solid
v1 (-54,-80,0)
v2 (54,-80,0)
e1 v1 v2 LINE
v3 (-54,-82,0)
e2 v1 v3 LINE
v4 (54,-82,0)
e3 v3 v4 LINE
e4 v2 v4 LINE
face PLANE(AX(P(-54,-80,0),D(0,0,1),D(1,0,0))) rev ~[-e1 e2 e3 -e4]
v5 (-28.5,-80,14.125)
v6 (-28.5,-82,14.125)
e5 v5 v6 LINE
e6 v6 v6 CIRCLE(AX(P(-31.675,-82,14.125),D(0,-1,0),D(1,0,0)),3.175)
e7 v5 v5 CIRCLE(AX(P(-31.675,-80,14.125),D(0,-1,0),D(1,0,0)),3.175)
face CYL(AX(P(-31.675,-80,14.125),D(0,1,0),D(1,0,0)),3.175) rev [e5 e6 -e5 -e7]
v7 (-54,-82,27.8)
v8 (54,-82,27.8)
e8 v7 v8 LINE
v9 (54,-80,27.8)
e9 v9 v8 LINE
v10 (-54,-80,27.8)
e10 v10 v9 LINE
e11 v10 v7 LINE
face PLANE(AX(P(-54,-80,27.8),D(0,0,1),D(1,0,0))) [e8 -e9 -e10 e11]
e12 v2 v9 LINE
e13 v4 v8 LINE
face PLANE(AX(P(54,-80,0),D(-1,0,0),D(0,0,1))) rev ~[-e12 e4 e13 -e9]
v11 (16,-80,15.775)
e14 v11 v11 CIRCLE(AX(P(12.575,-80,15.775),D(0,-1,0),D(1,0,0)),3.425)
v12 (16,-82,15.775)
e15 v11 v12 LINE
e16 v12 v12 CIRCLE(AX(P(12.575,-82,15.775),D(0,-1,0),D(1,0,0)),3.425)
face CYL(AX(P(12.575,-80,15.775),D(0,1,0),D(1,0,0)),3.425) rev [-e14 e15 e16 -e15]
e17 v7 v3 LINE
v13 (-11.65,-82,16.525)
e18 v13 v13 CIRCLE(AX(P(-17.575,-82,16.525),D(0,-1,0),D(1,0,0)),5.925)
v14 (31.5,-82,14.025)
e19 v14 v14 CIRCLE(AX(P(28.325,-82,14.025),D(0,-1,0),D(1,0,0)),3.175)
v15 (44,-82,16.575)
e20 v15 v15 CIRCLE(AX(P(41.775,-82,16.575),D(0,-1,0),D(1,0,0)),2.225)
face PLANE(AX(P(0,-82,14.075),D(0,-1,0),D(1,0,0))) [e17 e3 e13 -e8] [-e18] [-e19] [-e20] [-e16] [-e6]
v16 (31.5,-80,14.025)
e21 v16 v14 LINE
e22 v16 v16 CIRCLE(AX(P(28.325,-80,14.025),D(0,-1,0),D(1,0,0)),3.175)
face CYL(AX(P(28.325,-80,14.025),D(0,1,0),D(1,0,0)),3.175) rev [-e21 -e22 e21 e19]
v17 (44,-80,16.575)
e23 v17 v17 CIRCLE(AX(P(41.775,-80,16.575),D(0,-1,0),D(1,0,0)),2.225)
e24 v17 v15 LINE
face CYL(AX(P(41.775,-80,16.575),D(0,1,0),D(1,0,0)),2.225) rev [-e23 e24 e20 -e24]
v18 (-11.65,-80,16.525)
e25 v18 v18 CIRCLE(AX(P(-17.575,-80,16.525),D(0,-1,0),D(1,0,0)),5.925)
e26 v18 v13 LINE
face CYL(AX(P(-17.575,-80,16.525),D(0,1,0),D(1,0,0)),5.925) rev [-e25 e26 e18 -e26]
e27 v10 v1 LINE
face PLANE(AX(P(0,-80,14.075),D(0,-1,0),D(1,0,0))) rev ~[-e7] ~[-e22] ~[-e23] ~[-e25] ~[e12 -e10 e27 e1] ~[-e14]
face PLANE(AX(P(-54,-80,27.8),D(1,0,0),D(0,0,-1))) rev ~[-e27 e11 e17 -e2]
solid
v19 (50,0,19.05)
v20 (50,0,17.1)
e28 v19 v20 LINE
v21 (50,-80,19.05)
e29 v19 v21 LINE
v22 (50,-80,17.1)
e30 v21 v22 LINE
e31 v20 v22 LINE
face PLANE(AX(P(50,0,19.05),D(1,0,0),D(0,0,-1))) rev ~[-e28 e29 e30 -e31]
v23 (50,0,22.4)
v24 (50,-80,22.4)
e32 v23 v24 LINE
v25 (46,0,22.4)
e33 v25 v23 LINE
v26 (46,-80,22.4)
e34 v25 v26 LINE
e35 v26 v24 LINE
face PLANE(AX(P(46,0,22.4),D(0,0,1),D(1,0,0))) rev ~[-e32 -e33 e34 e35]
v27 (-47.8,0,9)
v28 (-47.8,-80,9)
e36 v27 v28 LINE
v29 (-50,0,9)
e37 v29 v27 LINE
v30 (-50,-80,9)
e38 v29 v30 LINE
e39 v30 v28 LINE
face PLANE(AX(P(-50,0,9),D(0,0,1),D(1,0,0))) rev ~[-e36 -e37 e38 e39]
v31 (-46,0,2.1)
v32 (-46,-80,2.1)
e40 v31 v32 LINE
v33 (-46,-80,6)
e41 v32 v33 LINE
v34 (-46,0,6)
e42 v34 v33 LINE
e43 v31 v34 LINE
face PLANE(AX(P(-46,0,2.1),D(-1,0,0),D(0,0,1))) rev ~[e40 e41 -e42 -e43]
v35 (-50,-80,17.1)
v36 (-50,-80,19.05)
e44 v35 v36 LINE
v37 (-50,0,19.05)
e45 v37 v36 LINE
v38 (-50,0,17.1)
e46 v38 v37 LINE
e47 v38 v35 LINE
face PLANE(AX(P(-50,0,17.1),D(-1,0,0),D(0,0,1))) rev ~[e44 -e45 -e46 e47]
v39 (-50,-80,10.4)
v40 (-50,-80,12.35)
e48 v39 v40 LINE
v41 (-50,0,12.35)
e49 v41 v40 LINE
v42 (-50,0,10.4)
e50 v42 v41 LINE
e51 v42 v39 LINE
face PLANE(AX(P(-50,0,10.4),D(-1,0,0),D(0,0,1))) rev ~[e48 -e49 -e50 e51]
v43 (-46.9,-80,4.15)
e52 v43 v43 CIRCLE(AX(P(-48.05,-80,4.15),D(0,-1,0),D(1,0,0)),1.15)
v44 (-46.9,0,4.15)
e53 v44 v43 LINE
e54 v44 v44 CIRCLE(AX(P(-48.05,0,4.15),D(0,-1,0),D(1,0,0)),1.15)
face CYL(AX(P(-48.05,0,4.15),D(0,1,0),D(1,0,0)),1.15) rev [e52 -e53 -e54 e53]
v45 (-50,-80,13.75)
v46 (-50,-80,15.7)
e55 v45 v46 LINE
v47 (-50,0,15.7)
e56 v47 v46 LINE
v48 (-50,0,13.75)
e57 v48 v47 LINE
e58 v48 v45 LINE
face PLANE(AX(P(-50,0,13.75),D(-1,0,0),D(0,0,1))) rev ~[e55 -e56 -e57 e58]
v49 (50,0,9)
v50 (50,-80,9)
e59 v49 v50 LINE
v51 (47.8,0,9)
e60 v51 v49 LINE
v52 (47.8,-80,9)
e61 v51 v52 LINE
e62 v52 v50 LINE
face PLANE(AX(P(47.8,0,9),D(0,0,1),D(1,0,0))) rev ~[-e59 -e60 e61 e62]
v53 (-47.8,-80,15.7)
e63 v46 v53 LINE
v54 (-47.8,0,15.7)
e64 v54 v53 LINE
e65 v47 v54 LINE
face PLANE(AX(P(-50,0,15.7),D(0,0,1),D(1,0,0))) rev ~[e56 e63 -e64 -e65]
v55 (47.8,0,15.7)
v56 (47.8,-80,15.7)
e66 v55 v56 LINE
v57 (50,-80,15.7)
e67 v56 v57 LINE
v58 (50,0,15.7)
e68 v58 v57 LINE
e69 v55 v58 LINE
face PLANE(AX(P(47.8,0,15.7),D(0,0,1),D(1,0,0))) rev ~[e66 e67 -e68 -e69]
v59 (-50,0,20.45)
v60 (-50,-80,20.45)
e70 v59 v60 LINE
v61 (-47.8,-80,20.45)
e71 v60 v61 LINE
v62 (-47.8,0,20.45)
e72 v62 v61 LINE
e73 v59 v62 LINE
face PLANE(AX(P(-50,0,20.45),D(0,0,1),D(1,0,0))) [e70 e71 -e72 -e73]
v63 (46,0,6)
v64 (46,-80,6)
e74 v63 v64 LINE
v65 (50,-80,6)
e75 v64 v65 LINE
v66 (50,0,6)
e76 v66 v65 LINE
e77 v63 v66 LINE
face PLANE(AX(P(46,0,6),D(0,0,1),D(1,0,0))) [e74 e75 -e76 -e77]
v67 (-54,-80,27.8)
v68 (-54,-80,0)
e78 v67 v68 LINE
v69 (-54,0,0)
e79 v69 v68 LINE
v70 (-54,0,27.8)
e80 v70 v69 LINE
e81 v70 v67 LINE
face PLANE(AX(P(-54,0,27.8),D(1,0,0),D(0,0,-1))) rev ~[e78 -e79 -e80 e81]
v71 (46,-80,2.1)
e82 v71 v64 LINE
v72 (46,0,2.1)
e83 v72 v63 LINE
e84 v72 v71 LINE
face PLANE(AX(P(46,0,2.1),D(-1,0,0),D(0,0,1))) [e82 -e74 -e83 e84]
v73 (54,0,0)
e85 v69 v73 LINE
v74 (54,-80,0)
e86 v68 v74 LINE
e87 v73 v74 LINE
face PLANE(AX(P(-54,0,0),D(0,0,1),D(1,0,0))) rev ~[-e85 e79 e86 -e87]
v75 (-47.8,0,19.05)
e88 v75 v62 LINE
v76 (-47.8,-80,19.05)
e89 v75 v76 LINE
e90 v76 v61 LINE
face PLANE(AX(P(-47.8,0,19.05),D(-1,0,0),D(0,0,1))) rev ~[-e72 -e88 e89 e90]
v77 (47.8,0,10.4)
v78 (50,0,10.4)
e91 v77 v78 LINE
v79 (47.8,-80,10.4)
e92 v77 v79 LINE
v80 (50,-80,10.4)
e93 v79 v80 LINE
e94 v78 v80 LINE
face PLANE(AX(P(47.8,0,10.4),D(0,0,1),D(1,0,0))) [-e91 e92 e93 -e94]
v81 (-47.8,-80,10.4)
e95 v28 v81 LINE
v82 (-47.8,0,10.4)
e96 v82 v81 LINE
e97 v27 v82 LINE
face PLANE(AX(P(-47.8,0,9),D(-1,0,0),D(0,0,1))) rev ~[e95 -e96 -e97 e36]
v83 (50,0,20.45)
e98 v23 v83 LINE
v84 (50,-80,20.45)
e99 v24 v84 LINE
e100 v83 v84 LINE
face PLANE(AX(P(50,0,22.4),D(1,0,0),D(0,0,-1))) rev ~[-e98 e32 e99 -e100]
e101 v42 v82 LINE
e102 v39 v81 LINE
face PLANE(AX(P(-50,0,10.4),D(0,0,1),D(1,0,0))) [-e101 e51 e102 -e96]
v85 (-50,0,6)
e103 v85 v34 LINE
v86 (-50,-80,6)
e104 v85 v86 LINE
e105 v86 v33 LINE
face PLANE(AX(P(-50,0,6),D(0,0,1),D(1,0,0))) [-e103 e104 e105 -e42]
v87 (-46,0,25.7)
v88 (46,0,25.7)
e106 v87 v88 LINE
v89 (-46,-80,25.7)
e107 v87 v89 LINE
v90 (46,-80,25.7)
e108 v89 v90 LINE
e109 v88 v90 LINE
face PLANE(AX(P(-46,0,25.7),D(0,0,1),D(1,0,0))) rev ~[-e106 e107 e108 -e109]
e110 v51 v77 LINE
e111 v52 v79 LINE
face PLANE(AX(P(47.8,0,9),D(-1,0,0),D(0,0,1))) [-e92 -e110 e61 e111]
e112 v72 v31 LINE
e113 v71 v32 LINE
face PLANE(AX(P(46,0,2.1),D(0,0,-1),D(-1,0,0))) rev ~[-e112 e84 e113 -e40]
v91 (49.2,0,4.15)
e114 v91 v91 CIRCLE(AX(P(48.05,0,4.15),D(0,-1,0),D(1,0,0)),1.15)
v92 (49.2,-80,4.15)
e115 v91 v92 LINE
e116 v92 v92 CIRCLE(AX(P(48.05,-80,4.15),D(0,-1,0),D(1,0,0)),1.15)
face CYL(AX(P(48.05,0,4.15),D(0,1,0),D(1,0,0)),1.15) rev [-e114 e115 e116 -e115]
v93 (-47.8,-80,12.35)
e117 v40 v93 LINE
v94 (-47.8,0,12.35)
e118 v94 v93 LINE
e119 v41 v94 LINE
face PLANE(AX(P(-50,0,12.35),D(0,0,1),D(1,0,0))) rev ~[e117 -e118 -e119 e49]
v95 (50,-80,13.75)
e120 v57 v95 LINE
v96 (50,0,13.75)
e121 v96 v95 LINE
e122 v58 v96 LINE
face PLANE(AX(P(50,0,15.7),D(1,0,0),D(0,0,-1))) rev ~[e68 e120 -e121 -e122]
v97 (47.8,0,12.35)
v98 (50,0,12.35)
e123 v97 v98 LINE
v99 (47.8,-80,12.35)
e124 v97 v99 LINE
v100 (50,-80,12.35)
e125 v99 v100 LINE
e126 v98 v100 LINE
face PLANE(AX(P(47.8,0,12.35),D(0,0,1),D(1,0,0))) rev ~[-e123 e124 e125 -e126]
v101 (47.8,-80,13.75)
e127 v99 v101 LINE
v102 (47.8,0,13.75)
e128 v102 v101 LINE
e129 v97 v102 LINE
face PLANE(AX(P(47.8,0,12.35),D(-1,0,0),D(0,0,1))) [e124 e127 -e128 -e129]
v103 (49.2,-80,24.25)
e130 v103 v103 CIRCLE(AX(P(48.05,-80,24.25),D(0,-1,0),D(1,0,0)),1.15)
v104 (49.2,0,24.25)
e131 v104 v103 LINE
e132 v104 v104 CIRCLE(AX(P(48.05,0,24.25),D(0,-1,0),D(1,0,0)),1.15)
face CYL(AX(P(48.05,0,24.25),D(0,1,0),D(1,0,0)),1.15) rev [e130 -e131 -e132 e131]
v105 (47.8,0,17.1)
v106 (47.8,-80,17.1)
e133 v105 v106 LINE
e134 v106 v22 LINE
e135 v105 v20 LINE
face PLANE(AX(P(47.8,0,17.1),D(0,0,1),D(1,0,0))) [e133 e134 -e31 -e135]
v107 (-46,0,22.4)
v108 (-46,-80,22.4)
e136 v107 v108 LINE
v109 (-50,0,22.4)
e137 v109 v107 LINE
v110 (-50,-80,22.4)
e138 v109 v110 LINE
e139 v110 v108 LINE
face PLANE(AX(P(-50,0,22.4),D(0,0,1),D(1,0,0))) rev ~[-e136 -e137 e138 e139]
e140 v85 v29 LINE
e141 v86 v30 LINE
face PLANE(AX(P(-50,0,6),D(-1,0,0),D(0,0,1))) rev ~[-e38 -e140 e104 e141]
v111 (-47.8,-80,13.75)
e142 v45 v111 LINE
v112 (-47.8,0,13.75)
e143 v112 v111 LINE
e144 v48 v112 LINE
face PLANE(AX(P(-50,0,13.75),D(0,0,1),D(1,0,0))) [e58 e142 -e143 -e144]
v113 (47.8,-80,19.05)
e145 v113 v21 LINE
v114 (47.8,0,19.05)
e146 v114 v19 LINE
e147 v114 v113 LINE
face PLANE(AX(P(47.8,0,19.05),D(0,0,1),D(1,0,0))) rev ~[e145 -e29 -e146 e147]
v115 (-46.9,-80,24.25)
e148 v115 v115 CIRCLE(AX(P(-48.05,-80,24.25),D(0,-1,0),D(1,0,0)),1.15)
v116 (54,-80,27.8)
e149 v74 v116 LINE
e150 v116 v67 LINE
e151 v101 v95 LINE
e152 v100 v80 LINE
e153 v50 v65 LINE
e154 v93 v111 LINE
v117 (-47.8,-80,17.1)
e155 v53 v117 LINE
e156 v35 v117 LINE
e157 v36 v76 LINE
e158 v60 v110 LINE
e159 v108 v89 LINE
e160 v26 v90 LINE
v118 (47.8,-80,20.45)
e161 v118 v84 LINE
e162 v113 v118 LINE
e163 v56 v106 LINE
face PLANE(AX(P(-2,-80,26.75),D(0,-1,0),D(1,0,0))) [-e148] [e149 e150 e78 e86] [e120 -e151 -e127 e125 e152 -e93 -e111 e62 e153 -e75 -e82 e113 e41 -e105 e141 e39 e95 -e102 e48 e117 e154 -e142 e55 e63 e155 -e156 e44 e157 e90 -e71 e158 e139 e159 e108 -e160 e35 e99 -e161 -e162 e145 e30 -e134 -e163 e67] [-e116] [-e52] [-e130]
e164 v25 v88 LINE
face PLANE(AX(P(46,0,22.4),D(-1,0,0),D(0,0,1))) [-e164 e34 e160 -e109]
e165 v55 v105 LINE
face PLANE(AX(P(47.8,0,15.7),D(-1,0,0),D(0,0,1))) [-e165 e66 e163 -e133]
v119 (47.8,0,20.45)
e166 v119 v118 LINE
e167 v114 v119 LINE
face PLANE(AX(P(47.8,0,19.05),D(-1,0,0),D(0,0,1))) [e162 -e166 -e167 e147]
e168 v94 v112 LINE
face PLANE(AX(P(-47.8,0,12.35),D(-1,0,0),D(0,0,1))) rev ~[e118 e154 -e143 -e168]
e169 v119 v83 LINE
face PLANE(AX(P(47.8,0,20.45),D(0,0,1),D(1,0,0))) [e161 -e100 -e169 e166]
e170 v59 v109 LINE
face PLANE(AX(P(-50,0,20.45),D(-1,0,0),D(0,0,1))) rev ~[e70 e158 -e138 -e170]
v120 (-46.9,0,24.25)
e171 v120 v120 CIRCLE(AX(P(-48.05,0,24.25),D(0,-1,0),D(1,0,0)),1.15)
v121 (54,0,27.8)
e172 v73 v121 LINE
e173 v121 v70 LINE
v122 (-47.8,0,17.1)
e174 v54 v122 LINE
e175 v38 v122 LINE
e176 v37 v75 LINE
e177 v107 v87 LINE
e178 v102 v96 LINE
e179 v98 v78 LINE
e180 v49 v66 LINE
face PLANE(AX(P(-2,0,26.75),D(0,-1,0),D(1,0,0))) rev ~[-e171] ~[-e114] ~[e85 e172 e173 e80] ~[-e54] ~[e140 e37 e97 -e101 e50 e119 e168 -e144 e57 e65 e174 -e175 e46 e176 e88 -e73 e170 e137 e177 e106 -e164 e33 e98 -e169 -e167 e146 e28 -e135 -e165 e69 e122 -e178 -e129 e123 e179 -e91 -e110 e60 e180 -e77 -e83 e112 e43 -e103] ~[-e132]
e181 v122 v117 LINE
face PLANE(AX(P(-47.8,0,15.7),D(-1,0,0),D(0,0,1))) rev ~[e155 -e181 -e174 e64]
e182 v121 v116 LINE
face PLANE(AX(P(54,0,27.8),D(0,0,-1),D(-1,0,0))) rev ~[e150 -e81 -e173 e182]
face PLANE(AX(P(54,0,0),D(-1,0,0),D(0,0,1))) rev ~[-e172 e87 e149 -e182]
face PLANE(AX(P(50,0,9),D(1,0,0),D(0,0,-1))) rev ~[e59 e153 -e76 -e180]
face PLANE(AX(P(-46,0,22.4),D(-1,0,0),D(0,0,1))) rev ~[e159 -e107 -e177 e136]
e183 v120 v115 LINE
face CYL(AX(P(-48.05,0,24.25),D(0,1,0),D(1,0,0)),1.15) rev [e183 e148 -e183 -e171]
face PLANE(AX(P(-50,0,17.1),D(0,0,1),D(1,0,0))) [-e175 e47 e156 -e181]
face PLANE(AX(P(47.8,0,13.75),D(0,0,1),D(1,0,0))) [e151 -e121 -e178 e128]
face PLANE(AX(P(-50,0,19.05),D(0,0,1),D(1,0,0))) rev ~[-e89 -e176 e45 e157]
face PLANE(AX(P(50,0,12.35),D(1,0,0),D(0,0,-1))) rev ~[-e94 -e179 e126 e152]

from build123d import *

# Parameters (mm, degrees)
F0_W     = 4
F0_H     = 3.3
F0_R     = 1.15
F0_H_2   = 3.9
F0_H_3   = 2.1
F0_W_2   = 92
F0_W_3   = 2.2
F0_H_4   = 1.4
F1_DEPTH = 80
F3_START = 80
F2_W     = 108
F2_H     = 27.45
F2_R     = 3.175
F2_R_2   = 5.925
F2_R_3   = 3.425
F2_R_4   = 2.225
F2_H_2   = 0.35
F3_DEPTH = 2


with BuildPart() as f1:
    # F0 (on Front) → F1 (new body)
    with BuildSketch(Plane.XZ):
        Polygon((-54, 25.7), (-50, 25.7), (-46, 25.7), (46, 25.7), (50, 25.7), (50, 27.8), (-54, 27.8), align=None)
        Polygon((-50, 22.4), (-50, 25.7), (-54, 25.7), (-54, 0), (-50, 0), (-50, 2.1), (-50, 6), (-50, 9), (-50, 10.4), (-50, 12.35), (-50, 13.75), (-50, 15.7), (-50, 17.1), (-50, 19.05), (-50, 20.45), align=None)
        with Locations((-48, 24.05)):
            Rectangle(F0_W, F0_H)
        with Locations((-48.05, 24.25)):
            Circle(F0_R, mode=Mode.SUBTRACT)
        with Locations((-48, 4.05)):
            Rectangle(F0_W, F0_H_2)
        with Locations((-48.05, 4.15)):
            Circle(F0_R, mode=Mode.SUBTRACT)
        with Locations((-48, 1.05)):
            Rectangle(F0_W, F0_H_3)
        with Locations((0, 1.05)):
            Rectangle(F0_W_2, F0_H_3)
        with Locations((48, 1.05)):
            Rectangle(F0_W, F0_H_3)
        Polygon((54, 25.7), (50, 25.7), (50, 22.4), (50, 20.45), (50, 19.05), (50, 17.1), (50, 15.7), (50, 13.75), (50, 12.35), (50, 10.4), (50, 9), (50, 6), (50, 2.1), (50, 0), (54, 0), align=None)
        with Locations((48, 4.05)):
            Rectangle(F0_W, F0_H_2)
        with Locations((48.05, 4.15)):
            Circle(F0_R, mode=Mode.SUBTRACT)
        with Locations((48.9, 9.7)):
            Rectangle(F0_W_3, F0_H_4)
        with Locations((48.9, 13.05)):
            Rectangle(F0_W_3, F0_H_4)
        with Locations((48.9, 16.4)):
            Rectangle(F0_W_3, F0_H_4)
        with Locations((48.9, 19.75)):
            Rectangle(F0_W_3, F0_H_4)
        with Locations((48, 24.05)):
            Rectangle(F0_W, F0_H)
        with Locations((48.05, 24.25)):
            Circle(F0_R, mode=Mode.SUBTRACT)
        with Locations((52, 26.75)):
            Rectangle(F0_W, F0_H_3)
        with Locations((-48.9, 9.7)):
            Rectangle(F0_W_3, F0_H_4)
        with Locations((-48.9, 13.05)):
            Rectangle(F0_W_3, F0_H_4)
        with Locations((-48.9, 16.4)):
            Rectangle(F0_W_3, F0_H_4)
        with Locations((-48.9, 19.75)):
            Rectangle(F0_W_3, F0_H_4)
    extrude(amount=F1_DEPTH)


with BuildPart() as f3:
    # F2 (on Front) → F3 (new body)
    with BuildSketch(Plane.XZ.offset(F3_START)):
        with Locations((0, 14.075)):
            Rectangle(F2_W, F2_H)
        with Locations((-31.675, 14.125)):
            Circle(F2_R, mode=Mode.SUBTRACT)
        with Locations((-17.575, 16.525)):
            Circle(F2_R_2, mode=Mode.SUBTRACT)
        with Locations((12.575, 15.775)):
            Circle(F2_R_3, mode=Mode.SUBTRACT)
        with Locations((28.325, 14.025)):
            Circle(F2_R, mode=Mode.SUBTRACT)
        with Locations((41.775, 16.575)):
            Circle(F2_R_4, mode=Mode.SUBTRACT)
        with Locations((0, 0.175)):
            Rectangle(F2_W, F2_H_2)
    extrude(amount=F3_DEPTH)


solid = Compound([f1.part, f3.part])
